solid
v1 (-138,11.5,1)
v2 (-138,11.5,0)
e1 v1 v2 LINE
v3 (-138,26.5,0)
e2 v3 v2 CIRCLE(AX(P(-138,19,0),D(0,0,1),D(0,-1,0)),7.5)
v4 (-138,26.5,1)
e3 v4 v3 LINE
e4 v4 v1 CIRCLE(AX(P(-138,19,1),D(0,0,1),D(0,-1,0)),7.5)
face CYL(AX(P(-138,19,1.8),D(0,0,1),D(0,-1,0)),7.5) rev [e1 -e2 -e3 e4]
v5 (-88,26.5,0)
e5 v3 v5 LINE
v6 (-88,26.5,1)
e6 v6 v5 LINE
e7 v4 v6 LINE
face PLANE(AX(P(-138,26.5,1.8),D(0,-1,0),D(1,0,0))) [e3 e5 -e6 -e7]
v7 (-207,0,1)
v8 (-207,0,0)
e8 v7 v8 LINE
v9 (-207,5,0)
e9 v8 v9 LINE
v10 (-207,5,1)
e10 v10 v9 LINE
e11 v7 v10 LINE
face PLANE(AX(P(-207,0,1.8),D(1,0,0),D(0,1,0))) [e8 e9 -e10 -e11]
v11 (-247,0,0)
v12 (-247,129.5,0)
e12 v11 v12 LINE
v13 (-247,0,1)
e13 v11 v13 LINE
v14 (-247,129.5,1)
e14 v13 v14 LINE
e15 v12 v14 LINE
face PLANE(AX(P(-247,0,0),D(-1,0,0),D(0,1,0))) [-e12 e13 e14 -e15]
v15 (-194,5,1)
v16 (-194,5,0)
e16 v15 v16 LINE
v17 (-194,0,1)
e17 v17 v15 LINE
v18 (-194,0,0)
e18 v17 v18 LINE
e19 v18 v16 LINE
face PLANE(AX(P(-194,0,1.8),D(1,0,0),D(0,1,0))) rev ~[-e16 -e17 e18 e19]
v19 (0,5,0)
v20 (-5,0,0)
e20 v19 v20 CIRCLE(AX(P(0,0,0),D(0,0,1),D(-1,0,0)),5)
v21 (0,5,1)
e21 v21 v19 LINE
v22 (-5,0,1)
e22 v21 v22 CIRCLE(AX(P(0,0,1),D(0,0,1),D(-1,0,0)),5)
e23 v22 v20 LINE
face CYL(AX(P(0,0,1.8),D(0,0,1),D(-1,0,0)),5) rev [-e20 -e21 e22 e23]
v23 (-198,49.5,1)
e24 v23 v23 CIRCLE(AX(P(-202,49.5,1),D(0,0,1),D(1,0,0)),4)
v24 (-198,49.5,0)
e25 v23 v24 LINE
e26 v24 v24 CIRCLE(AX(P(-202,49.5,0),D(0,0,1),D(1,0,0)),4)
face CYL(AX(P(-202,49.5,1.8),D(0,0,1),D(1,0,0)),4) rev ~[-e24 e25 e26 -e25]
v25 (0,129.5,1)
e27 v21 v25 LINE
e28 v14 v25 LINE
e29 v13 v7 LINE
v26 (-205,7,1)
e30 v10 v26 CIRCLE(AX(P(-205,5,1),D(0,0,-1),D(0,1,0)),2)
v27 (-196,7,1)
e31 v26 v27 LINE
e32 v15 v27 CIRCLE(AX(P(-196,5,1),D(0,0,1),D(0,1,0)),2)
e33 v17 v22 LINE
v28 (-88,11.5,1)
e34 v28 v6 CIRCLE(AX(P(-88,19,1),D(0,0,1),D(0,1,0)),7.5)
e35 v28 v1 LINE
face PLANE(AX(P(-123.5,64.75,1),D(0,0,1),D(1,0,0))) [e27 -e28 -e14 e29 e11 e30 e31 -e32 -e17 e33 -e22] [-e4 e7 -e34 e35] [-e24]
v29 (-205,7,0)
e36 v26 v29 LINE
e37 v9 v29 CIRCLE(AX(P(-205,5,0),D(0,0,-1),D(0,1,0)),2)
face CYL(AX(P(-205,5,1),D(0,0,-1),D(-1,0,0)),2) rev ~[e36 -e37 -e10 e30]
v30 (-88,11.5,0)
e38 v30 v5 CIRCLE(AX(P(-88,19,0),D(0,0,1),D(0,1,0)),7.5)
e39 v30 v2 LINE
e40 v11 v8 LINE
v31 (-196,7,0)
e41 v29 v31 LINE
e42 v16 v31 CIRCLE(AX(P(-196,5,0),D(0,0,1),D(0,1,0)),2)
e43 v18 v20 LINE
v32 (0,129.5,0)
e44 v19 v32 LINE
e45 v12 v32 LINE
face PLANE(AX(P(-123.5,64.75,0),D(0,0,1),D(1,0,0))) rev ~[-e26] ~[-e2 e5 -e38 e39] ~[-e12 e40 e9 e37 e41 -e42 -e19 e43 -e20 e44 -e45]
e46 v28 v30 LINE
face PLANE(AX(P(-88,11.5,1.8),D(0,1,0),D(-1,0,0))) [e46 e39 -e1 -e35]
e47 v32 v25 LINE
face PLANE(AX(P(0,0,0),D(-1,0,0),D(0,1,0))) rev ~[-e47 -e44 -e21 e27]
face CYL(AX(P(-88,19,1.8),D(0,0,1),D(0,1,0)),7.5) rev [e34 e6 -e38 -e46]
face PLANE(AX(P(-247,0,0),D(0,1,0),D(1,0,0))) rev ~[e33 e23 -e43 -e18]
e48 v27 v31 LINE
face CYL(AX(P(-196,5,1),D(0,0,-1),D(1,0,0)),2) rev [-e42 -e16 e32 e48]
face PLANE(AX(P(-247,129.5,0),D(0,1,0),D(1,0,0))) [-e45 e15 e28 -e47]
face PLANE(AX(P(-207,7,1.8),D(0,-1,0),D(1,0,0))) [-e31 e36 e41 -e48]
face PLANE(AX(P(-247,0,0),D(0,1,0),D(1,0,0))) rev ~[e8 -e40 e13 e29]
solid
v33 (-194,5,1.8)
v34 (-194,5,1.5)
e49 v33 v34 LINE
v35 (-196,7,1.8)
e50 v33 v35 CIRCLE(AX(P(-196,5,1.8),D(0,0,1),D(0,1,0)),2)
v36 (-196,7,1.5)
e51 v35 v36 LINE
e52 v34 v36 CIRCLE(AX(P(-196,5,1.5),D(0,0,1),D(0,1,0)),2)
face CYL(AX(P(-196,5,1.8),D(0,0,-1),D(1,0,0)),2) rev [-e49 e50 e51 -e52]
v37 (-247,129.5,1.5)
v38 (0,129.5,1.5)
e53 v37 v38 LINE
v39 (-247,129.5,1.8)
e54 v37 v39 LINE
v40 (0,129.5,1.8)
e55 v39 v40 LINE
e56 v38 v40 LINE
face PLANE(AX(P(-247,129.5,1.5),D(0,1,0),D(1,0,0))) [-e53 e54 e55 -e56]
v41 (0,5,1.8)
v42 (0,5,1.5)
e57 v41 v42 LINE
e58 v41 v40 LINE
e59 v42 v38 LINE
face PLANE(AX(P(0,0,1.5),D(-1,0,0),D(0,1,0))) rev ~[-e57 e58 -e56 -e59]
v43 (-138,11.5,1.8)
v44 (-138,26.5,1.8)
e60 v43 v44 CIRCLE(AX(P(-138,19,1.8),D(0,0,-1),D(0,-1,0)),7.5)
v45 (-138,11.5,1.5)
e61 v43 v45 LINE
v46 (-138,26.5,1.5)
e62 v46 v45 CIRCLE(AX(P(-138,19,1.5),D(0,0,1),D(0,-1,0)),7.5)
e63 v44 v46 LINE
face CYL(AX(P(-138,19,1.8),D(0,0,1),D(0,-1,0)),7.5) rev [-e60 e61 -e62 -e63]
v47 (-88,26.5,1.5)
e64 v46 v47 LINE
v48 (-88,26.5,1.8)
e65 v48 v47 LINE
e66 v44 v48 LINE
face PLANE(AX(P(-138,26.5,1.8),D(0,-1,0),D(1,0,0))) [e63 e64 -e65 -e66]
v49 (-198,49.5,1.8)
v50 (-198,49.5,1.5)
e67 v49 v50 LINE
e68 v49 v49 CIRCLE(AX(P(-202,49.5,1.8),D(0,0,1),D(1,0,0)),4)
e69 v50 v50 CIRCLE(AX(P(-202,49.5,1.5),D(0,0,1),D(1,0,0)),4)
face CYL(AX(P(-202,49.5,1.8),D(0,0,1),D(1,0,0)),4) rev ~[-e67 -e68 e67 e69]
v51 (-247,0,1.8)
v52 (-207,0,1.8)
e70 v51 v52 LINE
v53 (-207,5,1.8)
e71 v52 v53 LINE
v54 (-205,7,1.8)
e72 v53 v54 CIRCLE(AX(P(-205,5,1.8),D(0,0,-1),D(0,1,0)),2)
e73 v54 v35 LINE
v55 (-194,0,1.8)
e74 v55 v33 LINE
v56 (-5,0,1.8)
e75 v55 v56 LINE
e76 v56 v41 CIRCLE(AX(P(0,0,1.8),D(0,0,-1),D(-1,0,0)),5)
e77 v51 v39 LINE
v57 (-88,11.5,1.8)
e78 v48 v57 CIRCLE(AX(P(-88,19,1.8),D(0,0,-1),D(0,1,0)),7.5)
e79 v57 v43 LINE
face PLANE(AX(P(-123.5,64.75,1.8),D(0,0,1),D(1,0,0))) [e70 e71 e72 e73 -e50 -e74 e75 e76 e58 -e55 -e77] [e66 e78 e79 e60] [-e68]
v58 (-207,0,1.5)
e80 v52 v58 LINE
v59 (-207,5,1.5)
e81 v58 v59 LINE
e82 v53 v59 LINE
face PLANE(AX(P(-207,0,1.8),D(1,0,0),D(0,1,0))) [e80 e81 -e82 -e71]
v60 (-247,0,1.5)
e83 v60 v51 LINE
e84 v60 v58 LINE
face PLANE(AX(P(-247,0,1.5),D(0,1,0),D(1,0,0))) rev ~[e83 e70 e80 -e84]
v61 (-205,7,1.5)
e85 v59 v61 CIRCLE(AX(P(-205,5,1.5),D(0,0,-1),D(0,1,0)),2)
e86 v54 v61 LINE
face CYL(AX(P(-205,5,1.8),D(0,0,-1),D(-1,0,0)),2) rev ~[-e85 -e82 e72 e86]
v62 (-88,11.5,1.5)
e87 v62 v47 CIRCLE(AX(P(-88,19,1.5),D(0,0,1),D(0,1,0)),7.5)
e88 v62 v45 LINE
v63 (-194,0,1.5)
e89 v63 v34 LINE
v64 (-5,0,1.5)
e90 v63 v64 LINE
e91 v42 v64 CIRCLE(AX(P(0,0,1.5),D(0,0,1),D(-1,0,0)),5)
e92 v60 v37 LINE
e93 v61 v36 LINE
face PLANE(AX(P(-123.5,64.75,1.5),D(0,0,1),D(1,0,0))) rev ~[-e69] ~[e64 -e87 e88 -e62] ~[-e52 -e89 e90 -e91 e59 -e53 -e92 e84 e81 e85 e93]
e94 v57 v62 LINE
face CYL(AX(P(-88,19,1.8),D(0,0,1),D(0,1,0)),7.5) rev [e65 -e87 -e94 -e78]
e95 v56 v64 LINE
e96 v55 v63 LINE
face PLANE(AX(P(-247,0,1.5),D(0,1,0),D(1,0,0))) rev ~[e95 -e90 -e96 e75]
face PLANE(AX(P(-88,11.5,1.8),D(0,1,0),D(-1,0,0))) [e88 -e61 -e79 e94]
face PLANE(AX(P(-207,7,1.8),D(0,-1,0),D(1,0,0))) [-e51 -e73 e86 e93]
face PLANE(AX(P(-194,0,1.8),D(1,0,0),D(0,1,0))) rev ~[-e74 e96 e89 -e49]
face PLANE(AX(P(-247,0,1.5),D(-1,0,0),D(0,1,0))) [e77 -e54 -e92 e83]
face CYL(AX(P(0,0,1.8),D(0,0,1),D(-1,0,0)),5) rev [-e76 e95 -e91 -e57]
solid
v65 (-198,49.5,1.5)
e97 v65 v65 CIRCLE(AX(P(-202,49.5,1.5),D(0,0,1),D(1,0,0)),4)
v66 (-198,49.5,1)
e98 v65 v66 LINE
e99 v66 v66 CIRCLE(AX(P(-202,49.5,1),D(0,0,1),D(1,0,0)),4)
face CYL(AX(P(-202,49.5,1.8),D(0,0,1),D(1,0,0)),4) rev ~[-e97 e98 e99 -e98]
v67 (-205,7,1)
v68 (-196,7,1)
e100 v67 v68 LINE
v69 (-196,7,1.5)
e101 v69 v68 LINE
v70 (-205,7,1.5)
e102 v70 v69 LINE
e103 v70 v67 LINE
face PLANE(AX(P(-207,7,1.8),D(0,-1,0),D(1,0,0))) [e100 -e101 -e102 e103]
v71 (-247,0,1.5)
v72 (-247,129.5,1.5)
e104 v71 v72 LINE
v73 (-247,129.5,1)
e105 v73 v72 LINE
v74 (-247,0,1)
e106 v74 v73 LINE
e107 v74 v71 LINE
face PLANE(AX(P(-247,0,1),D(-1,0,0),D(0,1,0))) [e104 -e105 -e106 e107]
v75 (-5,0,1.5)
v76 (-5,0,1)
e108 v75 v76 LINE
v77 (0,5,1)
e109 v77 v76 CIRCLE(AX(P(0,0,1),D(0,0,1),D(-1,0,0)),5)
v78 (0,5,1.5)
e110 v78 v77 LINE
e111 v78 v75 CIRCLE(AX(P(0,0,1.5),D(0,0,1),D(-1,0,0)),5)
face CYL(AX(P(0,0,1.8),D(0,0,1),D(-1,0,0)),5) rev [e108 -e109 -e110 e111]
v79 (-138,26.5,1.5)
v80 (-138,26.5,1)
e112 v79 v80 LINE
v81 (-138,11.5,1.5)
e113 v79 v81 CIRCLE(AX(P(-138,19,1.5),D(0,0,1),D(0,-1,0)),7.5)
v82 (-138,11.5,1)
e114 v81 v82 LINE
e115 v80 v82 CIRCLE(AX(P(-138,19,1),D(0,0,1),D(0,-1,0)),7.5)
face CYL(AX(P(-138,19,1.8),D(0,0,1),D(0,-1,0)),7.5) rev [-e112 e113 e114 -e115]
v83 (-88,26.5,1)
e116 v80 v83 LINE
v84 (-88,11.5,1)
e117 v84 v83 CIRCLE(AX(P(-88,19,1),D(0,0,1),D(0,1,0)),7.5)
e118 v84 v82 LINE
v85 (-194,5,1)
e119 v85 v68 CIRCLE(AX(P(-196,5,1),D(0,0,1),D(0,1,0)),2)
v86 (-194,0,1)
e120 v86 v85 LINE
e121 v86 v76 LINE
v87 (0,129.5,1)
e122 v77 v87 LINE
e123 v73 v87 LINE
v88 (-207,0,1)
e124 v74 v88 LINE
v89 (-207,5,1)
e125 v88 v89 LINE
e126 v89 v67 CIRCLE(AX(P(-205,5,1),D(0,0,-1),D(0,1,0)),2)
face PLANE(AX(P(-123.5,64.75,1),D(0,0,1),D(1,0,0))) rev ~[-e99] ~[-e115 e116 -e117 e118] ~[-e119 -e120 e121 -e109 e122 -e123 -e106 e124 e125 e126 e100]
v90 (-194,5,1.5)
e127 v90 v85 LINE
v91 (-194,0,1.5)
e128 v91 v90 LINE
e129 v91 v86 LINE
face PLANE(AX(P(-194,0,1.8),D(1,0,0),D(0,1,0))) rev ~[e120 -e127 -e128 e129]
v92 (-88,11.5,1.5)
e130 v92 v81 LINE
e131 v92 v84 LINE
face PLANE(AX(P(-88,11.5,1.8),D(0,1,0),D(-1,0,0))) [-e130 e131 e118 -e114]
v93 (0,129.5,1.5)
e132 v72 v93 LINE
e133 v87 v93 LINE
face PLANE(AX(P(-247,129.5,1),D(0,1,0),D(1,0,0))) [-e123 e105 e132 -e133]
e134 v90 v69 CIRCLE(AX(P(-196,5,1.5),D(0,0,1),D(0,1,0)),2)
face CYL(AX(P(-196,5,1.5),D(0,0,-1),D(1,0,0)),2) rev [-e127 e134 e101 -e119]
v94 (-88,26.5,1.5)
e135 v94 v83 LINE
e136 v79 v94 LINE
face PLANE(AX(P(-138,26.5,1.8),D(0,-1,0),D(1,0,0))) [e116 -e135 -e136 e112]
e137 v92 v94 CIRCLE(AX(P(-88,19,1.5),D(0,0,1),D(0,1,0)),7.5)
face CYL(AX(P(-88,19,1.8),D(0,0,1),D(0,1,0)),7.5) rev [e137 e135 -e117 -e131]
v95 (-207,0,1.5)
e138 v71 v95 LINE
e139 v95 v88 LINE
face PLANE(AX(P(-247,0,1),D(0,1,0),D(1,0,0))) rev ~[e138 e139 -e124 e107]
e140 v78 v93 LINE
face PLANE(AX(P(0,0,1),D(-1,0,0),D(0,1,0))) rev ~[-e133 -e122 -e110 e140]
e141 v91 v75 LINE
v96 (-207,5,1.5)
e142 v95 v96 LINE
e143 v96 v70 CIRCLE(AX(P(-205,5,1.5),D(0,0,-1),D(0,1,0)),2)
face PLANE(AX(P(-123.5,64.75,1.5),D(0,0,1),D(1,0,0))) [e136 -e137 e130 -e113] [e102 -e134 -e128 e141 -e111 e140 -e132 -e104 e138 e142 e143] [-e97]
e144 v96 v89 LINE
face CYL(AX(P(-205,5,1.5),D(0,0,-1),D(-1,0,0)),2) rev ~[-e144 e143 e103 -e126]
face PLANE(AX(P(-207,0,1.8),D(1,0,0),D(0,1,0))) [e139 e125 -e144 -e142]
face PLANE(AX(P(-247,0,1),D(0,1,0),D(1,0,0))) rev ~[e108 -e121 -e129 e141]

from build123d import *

# Parameters (mm, degrees)
SZKIC1_W                    = 247
SZKIC1_H                    = 129.5
DODANIE_WYCI_GNI_CIE1_DEPTH = 1
SZKIC2_W                    = 247
SZKIC2_H                    = 129.5
DODANIE_WYCI_GNI_CIE2_DEPTH = 0.5
SZKIC3_W                    = 247
SZKIC3_H                    = 129.5
DODANIE_WYCI_GNI_CIE3_DEPTH = 0.3
WYTNIJ_WYCI_GNI_CIE2_DEPTH  = 2.8
WYTNIJ_WYCI_GNI_CIE3_DEPTH  = 2.8
SZKIC8_W                    = 13
SZKIC8_H                    = 7
WYTNIJ_WYCI_GNI_CIE4_DEPTH  = 2.8
ZAOKR_GLENIE1_R             = 2
ZAOKR_GLENIE2_R             = 2
ZAOKR_GLENIE3_R             = 2
SZKIC9_R                    = 4
WYTNIJ_WYCI_GNI_CIE5_DEPTH  = 2.8


with BuildPart() as part:
    # Szkic1 → Dodanie-wyciągnięcie1 (new body)
    with BuildSketch(Plane.XY):
        with Locations((-123.5, 64.75)):
            Rectangle(SZKIC1_W, SZKIC1_H)
    extrude(amount=DODANIE_WYCI_GNI_CIE1_DEPTH)


with BuildPart() as body_2:
    # Szkic2 → Dodanie-wyciągnięcie2 (new body)
    with BuildSketch(Plane.XY.offset(1)):
        with Locations((-123.5, 64.75)):
            Rectangle(SZKIC2_W, SZKIC2_H)
    extrude(amount=DODANIE_WYCI_GNI_CIE2_DEPTH)


with BuildPart() as body_3:
    # Szkic3 → Dodanie-wyciągnięcie3 (new body)
    with BuildSketch(Plane.XY.offset(1.5)):
        with Locations((-123.5, 64.75)):
            Rectangle(SZKIC3_W, SZKIC3_H)
    extrude(amount=DODANIE_WYCI_GNI_CIE3_DEPTH)


with BuildPart() as wytnij_wyci_gni_cie2_tool:
    # Szkic5 → Wytnij-wyciągnięcie2 (new body, through all)
    with BuildSketch(Plane.XY.offset(1.8)):
        with BuildLine():
            Line((-138, 26.5), (-88, 26.5))
            ThreePointArc((-88, 26.5), (-80.5, 19), (-88, 11.5))
            Line((-88, 11.5), (-138, 11.5))
            ThreePointArc((-138, 11.5), (-145.5, 19), (-138, 26.5))
        make_face()
    extrude(amount=-WYTNIJ_WYCI_GNI_CIE2_DEPTH)


with BuildPart() as part_1:
    add(part.part)

    # Wytnij-wyciągnięcie2: cut by wytnij_wyci_gni_cie2_tool
    add(wytnij_wyci_gni_cie2_tool.part, mode=Mode.SUBTRACT)


with BuildPart() as body_2_1:
    add(body_2.part)

    # Wytnij-wyciągnięcie2: cut by wytnij_wyci_gni_cie2_tool
    add(wytnij_wyci_gni_cie2_tool.part, mode=Mode.SUBTRACT)


with BuildPart() as body_3_1:
    add(body_3.part)

    # Wytnij-wyciągnięcie2: cut by wytnij_wyci_gni_cie2_tool
    add(wytnij_wyci_gni_cie2_tool.part, mode=Mode.SUBTRACT)


with BuildPart() as wytnij_wyci_gni_cie3_tool:
    # Szkic6 → Wytnij-wyciągnięcie3 (new body, through all)
    with BuildSketch(Plane.XY.offset(1.8)):
        with BuildLine():
            Line((0, 0), (-5, 0))
            ThreePointArc((-5, 0), (-3.535533906, 3.535533906), (0, 5))
            Line((0, 5), (0, 0))
        make_face()
    extrude(amount=-WYTNIJ_WYCI_GNI_CIE3_DEPTH)


with BuildPart() as part_2:
    add(part_1.part)

    # Wytnij-wyciągnięcie3: cut by wytnij_wyci_gni_cie3_tool
    add(wytnij_wyci_gni_cie3_tool.part, mode=Mode.SUBTRACT)


with BuildPart() as body_2_2:
    add(body_2_1.part)

    # Wytnij-wyciągnięcie3: cut by wytnij_wyci_gni_cie3_tool
    add(wytnij_wyci_gni_cie3_tool.part, mode=Mode.SUBTRACT)


with BuildPart() as body_3_2:
    add(body_3_1.part)

    # Wytnij-wyciągnięcie3: cut by wytnij_wyci_gni_cie3_tool
    add(wytnij_wyci_gni_cie3_tool.part, mode=Mode.SUBTRACT)


with BuildPart() as wytnij_wyci_gni_cie4_tool:
    # Szkic8 → Wytnij-wyciągnięcie4 (new body, through all)
    with BuildSketch(Plane.XY.offset(1.8)):
        with Locations((-200.5, 3.5)):
            Rectangle(SZKIC8_W, SZKIC8_H)
    extrude(amount=-WYTNIJ_WYCI_GNI_CIE4_DEPTH)


with BuildPart() as part_3:
    add(part_2.part)

    # Wytnij-wyciągnięcie4: cut by wytnij_wyci_gni_cie4_tool
    add(wytnij_wyci_gni_cie4_tool.part, mode=Mode.SUBTRACT)

    # Zaokrąglenie1
    zaokr_glenie1_edges = [part_3.edges().sort_by_distance(p)[0] for p in [
        (-207, 7, 0.5),
        (-194, 7, 0.5),
    ]]
    fillet(zaokr_glenie1_edges, radius=ZAOKR_GLENIE1_R)


with BuildPart() as body_2_3:
    add(body_2_2.part)

    # Wytnij-wyciągnięcie4: cut by wytnij_wyci_gni_cie4_tool
    add(wytnij_wyci_gni_cie4_tool.part, mode=Mode.SUBTRACT)

    # Zaokrąglenie2
    zaokr_glenie2_edges = [body_2_3.edges().sort_by_distance(p)[0] for p in [
        (-207, 7, 1.25),
        (-194, 7, 1.25),
    ]]
    fillet(zaokr_glenie2_edges, radius=ZAOKR_GLENIE2_R)


with BuildPart() as body_3_3:
    add(body_3_2.part)

    # Wytnij-wyciągnięcie4: cut by wytnij_wyci_gni_cie4_tool
    add(wytnij_wyci_gni_cie4_tool.part, mode=Mode.SUBTRACT)

    # Zaokrąglenie3
    zaokr_glenie3_edges = [body_3_3.edges().sort_by_distance(p)[0] for p in [
        (-207, 7, 1.65),
        (-194, 7, 1.65),
    ]]
    fillet(zaokr_glenie3_edges, radius=ZAOKR_GLENIE3_R)


with BuildPart() as wytnij_wyci_gni_cie5_tool:
    # Szkic9 → Wytnij-wyciągnięcie5 (new body, through all)
    with BuildSketch(Plane.XY.offset(1.8)):
        with Locations((-202, 49.5)):
            Circle(SZKIC9_R)
    extrude(amount=-WYTNIJ_WYCI_GNI_CIE5_DEPTH)


with BuildPart() as part_4:
    add(part_3.part)

    # Wytnij-wyciągnięcie5: cut by wytnij_wyci_gni_cie5_tool
    add(wytnij_wyci_gni_cie5_tool.part, mode=Mode.SUBTRACT)


with BuildPart() as body_2_4:
    add(body_2_3.part)

    # Wytnij-wyciągnięcie5: cut by wytnij_wyci_gni_cie5_tool
    add(wytnij_wyci_gni_cie5_tool.part, mode=Mode.SUBTRACT)


with BuildPart() as body_3_4:
    add(body_3_3.part)

    # Wytnij-wyciągnięcie5: cut by wytnij_wyci_gni_cie5_tool
    add(wytnij_wyci_gni_cie5_tool.part, mode=Mode.SUBTRACT)


solid = Compound([part_4.part, body_2_4.part, body_3_4.part])
